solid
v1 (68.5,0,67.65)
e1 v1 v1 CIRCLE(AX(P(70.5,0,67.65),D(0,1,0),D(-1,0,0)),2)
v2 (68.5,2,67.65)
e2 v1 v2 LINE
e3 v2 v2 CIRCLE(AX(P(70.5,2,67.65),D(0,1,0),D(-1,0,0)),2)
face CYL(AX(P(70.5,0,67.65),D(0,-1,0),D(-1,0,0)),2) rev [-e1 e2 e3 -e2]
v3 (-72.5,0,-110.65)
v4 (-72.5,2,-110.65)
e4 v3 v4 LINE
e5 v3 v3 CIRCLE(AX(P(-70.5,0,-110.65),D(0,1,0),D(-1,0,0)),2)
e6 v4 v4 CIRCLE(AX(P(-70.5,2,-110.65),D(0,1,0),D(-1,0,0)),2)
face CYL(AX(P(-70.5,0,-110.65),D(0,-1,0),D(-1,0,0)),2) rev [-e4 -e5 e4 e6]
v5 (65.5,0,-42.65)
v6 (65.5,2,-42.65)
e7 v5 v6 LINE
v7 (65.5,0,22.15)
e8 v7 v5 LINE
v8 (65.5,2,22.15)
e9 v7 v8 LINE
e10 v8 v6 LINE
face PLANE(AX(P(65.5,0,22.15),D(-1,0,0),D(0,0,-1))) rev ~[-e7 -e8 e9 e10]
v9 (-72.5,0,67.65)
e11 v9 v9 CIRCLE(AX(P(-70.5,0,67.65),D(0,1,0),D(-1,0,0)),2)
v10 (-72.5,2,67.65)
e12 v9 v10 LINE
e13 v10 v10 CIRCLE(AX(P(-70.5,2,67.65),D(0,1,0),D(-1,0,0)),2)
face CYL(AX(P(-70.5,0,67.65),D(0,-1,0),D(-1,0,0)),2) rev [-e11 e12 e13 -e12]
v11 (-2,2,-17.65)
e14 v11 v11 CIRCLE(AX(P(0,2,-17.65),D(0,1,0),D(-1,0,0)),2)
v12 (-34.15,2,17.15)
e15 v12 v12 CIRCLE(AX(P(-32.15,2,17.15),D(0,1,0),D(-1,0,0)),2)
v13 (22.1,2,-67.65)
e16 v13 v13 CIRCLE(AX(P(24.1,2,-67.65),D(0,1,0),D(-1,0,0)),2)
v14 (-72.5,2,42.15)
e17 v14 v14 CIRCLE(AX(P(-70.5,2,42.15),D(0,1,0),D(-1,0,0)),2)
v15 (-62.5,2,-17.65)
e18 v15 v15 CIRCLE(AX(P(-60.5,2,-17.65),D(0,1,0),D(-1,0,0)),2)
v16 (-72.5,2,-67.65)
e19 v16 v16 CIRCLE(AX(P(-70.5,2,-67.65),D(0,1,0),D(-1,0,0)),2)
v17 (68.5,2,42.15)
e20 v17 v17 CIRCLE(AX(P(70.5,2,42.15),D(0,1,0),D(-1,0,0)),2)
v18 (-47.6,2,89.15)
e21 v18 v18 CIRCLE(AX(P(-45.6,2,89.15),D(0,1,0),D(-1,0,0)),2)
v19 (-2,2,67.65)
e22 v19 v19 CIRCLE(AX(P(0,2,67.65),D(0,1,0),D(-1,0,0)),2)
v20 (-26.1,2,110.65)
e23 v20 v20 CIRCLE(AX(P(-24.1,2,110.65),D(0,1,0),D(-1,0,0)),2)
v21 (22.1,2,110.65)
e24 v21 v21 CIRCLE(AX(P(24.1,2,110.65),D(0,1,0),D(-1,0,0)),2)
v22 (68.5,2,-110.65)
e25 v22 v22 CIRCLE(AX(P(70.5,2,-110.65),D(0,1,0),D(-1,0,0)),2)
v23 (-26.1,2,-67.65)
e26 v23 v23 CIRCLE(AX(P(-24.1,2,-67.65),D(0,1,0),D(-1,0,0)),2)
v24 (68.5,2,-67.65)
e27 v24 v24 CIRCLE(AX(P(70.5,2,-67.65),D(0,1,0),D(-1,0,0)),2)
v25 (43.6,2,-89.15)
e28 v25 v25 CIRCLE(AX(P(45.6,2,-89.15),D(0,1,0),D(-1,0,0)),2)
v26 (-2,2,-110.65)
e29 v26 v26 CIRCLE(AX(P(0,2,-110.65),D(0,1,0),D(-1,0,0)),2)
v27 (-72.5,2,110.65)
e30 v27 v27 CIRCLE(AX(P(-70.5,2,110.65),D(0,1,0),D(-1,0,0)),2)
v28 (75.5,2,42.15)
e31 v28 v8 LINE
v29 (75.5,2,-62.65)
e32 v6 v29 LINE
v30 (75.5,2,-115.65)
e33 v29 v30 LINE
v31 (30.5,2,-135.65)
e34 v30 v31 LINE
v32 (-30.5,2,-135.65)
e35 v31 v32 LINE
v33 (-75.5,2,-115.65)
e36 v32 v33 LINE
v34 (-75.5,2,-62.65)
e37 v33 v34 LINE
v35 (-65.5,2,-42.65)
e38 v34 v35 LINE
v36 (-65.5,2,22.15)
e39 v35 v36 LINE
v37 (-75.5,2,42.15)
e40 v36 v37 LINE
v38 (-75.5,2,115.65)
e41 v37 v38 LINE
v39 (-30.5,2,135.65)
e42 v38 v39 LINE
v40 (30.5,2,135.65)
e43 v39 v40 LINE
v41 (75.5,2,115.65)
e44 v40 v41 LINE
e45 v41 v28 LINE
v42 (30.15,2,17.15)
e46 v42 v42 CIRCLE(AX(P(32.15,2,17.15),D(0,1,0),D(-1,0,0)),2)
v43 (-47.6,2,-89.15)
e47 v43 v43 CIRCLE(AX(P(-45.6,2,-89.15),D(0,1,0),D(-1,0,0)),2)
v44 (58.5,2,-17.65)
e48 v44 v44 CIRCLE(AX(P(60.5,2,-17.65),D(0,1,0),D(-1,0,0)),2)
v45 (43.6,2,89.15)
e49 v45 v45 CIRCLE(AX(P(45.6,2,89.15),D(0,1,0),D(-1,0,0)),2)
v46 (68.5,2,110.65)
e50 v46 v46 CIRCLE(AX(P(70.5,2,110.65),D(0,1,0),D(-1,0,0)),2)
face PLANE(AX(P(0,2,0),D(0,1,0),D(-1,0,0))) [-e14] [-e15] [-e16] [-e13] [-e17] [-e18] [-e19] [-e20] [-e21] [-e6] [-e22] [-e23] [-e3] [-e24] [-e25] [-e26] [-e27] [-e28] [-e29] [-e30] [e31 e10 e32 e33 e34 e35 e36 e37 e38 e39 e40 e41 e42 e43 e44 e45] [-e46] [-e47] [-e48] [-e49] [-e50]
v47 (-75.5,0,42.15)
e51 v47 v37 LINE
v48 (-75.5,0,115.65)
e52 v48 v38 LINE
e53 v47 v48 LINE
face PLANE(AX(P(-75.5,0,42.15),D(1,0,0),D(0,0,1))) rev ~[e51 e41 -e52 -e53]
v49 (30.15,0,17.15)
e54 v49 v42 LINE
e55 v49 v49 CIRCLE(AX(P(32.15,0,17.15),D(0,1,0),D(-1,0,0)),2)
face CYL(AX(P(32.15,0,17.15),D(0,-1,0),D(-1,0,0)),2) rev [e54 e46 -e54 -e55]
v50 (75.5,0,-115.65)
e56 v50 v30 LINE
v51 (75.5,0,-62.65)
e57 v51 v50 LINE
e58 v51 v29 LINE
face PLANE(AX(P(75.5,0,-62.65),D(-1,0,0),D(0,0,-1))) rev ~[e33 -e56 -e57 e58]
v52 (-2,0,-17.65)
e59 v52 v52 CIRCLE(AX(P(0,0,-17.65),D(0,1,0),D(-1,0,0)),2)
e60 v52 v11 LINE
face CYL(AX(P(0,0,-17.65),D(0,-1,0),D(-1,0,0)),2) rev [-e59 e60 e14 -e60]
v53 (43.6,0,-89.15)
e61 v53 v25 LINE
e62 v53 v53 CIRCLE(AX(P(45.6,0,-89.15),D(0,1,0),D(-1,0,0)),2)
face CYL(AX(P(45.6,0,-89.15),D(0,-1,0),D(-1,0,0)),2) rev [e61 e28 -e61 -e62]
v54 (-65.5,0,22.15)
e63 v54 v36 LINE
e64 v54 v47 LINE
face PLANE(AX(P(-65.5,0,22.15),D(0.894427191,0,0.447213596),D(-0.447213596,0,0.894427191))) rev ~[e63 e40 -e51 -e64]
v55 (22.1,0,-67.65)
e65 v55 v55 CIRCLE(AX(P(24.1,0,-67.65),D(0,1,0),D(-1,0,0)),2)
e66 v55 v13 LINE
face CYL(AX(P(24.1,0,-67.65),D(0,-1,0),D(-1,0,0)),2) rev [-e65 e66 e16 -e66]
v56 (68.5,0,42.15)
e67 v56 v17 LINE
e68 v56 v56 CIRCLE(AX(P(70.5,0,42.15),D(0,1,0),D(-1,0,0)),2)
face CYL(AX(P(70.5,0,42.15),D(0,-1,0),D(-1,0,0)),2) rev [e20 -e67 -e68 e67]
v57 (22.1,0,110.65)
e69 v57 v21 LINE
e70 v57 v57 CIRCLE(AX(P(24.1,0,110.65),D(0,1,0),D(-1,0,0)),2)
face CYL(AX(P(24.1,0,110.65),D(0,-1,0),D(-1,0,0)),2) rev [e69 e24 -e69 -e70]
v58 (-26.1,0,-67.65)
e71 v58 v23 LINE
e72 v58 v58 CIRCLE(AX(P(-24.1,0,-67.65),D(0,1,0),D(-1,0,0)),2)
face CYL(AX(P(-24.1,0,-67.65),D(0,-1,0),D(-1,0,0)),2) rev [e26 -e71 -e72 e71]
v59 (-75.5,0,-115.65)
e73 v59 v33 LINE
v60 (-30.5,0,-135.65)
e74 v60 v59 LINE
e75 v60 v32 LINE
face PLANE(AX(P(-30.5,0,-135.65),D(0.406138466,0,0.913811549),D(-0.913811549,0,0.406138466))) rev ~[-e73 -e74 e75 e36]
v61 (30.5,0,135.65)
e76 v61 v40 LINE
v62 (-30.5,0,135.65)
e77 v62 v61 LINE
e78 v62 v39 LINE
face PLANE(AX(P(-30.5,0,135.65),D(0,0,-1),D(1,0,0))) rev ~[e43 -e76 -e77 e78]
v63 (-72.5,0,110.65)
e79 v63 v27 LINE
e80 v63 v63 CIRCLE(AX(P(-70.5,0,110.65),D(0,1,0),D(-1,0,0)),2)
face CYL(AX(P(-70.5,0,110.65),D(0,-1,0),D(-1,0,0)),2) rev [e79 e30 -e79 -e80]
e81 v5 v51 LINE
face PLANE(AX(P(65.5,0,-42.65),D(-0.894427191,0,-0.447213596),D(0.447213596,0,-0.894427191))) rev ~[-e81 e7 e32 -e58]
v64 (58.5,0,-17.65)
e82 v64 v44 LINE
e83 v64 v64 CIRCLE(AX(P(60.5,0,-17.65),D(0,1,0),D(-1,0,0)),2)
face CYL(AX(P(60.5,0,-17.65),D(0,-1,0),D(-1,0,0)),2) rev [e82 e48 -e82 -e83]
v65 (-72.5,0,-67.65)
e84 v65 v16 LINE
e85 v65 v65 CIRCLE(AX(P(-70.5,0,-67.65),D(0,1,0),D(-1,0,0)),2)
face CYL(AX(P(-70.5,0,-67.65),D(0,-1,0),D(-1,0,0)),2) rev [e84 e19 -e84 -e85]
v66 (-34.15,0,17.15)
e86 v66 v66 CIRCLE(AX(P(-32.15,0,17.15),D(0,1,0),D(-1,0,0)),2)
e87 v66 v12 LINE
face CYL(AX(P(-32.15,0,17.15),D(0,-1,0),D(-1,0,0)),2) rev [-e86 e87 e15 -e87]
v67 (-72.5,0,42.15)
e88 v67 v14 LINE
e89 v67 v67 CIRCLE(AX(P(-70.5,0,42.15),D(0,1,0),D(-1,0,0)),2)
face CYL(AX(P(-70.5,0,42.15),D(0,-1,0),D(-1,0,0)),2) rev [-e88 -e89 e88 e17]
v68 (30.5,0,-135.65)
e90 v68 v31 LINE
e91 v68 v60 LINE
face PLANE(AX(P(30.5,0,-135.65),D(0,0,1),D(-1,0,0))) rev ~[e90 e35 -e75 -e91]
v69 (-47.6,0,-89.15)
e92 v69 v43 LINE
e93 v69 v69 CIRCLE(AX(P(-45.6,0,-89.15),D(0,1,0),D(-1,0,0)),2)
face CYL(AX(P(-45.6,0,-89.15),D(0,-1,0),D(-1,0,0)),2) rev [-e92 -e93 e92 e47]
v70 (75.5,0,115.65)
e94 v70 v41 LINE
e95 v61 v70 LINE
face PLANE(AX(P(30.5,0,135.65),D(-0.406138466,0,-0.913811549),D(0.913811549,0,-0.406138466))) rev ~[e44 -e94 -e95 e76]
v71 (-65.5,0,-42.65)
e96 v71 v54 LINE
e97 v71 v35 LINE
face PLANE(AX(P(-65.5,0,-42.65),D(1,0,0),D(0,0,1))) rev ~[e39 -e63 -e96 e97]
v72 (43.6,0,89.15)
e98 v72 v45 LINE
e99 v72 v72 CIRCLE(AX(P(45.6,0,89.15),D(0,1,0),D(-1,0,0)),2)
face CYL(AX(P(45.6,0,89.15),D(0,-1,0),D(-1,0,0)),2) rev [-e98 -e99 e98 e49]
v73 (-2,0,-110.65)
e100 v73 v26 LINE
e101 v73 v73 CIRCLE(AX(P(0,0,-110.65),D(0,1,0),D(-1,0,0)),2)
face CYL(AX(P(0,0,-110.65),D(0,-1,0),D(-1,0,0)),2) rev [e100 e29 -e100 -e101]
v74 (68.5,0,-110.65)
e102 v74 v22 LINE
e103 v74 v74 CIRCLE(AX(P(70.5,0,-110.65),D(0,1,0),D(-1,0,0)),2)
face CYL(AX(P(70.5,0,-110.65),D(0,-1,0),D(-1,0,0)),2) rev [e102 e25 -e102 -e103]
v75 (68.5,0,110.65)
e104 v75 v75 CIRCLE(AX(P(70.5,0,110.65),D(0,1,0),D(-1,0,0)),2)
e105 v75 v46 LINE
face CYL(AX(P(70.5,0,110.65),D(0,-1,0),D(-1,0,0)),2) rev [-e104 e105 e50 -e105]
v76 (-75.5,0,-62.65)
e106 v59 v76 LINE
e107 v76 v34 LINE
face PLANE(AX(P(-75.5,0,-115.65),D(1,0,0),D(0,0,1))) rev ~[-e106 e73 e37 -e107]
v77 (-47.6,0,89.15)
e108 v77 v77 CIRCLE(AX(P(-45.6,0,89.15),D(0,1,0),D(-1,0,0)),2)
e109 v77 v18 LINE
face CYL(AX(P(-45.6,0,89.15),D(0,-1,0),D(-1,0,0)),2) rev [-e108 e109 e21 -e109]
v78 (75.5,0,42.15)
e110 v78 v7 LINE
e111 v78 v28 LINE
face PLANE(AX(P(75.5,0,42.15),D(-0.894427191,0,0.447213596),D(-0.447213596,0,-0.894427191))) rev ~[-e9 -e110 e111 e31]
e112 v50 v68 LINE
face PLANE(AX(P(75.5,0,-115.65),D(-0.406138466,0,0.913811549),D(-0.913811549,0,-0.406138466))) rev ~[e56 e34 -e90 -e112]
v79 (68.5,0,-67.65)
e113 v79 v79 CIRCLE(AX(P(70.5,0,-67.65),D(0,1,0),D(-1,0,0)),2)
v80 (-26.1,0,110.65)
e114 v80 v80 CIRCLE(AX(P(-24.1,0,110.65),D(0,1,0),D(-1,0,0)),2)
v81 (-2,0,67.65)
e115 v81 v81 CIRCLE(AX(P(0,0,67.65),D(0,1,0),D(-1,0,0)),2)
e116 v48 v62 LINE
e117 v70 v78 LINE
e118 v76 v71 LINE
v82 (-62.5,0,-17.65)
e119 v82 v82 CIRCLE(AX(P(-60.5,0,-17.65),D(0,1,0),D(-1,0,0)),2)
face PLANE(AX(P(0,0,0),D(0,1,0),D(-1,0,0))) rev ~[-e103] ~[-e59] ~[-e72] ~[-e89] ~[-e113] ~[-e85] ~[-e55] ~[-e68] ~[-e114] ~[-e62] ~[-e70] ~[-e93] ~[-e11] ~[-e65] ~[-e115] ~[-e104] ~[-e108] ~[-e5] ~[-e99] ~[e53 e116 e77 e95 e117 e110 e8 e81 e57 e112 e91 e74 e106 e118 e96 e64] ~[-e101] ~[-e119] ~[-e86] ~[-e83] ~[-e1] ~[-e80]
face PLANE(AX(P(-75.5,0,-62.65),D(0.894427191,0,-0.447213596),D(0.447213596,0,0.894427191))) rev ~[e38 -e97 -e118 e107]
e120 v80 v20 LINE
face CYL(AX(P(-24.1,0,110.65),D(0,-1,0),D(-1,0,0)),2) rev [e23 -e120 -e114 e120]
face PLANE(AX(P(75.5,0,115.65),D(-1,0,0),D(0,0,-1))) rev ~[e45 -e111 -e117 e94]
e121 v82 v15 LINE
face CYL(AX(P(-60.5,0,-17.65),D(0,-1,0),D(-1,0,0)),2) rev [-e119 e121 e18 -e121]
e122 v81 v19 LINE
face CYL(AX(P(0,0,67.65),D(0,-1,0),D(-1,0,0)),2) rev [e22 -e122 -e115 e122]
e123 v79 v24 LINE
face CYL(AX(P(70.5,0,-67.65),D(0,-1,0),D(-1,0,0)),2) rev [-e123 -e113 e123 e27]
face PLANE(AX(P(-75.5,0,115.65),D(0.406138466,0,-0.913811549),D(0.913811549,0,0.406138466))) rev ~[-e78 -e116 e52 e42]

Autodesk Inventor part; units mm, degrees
ref_plane "YZ Plane" through (0, 0, 0) normal (1, 0, 0) x (0, 1, 0)
ref_plane "XZ Plane" through (0, 0, 0) normal (0, 1, 0) x (-1, 0, 0)
ref_plane "XY Plane" through (0, 0, 0) normal (0, 0, 1) x (1, 0, 0)
sketch "Sketch1" plane through (0, 0, 0) normal (0, 1, 0) x (-1, 0, 0)
  circle A0 centre (24.1, 110.65) radius 0.25
  circle A1 centre (-70.5, 110.65) radius 0.25
  circle A2 centre (-45.6, 89.15) radius 0.25
  circle A3 centre (0, 67.65) radius 0.25
  circle A4 centre (70.5, 42.15) radius 0.25
  circle A5 centre (32.15, 17.15) radius 0.25
  circle A6 centre (60.5, -17.65) radius 0.25
  circle A7 centre (-60.5, -17.65) radius 0.25
  circle A8 centre (24.1, -67.65) radius 0.25
  circle A9 centre (-70.5, -67.65) radius 0.25
  circle A10 centre (-45.6, -89.15) radius 0.25
  circle A11 centre (0, -110.65) radius 0.25
  circle A12 centre (-70.5, -110.65) radius 0.25
  circle A13 centre (70.5, -110.65) radius 0.25
  circle A14 centre (45.6, -89.15) radius 0.25
  circle A15 centre (-24.1, -67.65) radius 0.25
  circle A16 centre (70.5, -67.65) radius 0.25
  circle A17 centre (0, -17.65) radius 0.25
  circle A18 centre (-32.15, 17.15) radius 0.25
  circle A19 centre (-70.5, 42.15) radius 0.25
  circle A20 centre (-70.5, 67.65) radius 0.25
  circle A21 centre (70.5, 67.65) radius 0.25
  circle A22 centre (45.6, 89.15) radius 0.25
  circle A23 centre (-24.1, 110.65) radius 0.25
  circle A24 centre (70.5, 110.65) radius 0.25
  line L0 (75.5, -115.65) -> (75.5, -62.65)
  line L1 (75.5, -62.65) -> (65.5, -42.65)
  line L2 (65.5, -42.65) -> (65.5, 22.15)
  line L3 (65.5, 22.15) -> (75.5, 42.15)
  line L4 (75.5, 42.15) -> (75.5, 115.65)
  line L5 (75.5, 115.65) -> (30.5, 135.65)
  line L6 (30.5, 135.65) -> (-30.5, 135.65)
  line L7 (-30.5, 135.65) -> (-75.5, 115.65)
  line L8 (-75.5, 115.65) -> (-75.5, 42.15)
  line L9 (-75.5, 42.15) -> (-65.5, 22.15)
  line L10 (-65.5, 22.15) -> (-65.5, -42.65)
  line L11 (-65.5, -42.65) -> (-75.5, -62.65)
  line L12 (-75.5, -62.65) -> (-75.5, -115.65)
  line L13 (-75.5, -115.65) -> (-30.5, -135.65)
  line L14 (-30.5, -135.65) -> (30.5, -135.65)
  line L15 (30.5, -135.65) -> (75.5, -115.65)
  circle A25 centre (0, -110.65) radius 2
  circle A26 centre (70.5, -110.65) radius 2
  circle A27 centre (-70.5, -110.65) radius 2
  circle A28 centre (45.6, -89.15) radius 2
  circle A29 centre (-45.6, -89.15) radius 2
  circle A30 centre (70.5, -67.65) radius 2
  circle A31 centre (24.1, -67.65) radius 2
  circle A32 centre (-24.1, -67.65) radius 2
  circle A33 centre (-70.5, -67.65) radius 2
  circle A34 centre (60.5, -17.65) radius 2
  circle A35 centre (0, -17.65) radius 2
  circle A36 centre (-32.15, 17.15) radius 2
  circle A37 centre (-60.5, -17.65) radius 2
  circle A38 centre (32.15, 17.15) radius 2
  circle A39 centre (70.5, 42.15) radius 2
  circle A40 centre (-70.5, 42.15) radius 2
  circle A41 centre (-70.5, 67.65) radius 2
  circle A42 centre (0, 67.65) radius 2
  circle A43 centre (70.5, 67.65) radius 2
  circle A44 centre (45.6, 89.15) radius 2
  circle A45 centre (-45.6, 89.15) radius 2
  circle A46 centre (-70.5, 110.65) radius 2
  circle A47 centre (-24.1, 110.65) radius 2
  circle A48 centre (24.1, 110.65) radius 2
  circle A49 centre (70.5, 110.65) radius 2
  point P0 (0, 0)
  point P1 (0, 0)
  dimension "d0" = 4
  dimension "d1" = 4
  dimension "d2" = 4
  dimension "d3" = 4
  dimension "d4" = 4
  dimension "d5" = 4
  dimension "d6" = 4
  dimension "d7" = 4
  dimension "d8" = 4
  dimension "d9" = 4
  dimension "d10" = 4
  dimension "d11" = 4
  dimension "d12" = 4
  dimension "d13" = 4
  dimension "d14" = 4
  dimension "d15" = 4
  dimension "d16" = 4
  dimension "d17" = 4
  dimension "d18" = 4
  dimension "d19" = 4
  dimension "d20" = 4
  dimension "d21" = 4
  dimension "d22" = 4
  dimension "d23" = 4
  dimension "d24" = 4
extrude "Extrusion1" add sketch "Sketch1" along normal blind 2 contours L15 L14 L13 L12 L11 L10 L9 L8 L7 L6 L5 L4 L3 L2 L1 L0
properties part number "podvozek"
